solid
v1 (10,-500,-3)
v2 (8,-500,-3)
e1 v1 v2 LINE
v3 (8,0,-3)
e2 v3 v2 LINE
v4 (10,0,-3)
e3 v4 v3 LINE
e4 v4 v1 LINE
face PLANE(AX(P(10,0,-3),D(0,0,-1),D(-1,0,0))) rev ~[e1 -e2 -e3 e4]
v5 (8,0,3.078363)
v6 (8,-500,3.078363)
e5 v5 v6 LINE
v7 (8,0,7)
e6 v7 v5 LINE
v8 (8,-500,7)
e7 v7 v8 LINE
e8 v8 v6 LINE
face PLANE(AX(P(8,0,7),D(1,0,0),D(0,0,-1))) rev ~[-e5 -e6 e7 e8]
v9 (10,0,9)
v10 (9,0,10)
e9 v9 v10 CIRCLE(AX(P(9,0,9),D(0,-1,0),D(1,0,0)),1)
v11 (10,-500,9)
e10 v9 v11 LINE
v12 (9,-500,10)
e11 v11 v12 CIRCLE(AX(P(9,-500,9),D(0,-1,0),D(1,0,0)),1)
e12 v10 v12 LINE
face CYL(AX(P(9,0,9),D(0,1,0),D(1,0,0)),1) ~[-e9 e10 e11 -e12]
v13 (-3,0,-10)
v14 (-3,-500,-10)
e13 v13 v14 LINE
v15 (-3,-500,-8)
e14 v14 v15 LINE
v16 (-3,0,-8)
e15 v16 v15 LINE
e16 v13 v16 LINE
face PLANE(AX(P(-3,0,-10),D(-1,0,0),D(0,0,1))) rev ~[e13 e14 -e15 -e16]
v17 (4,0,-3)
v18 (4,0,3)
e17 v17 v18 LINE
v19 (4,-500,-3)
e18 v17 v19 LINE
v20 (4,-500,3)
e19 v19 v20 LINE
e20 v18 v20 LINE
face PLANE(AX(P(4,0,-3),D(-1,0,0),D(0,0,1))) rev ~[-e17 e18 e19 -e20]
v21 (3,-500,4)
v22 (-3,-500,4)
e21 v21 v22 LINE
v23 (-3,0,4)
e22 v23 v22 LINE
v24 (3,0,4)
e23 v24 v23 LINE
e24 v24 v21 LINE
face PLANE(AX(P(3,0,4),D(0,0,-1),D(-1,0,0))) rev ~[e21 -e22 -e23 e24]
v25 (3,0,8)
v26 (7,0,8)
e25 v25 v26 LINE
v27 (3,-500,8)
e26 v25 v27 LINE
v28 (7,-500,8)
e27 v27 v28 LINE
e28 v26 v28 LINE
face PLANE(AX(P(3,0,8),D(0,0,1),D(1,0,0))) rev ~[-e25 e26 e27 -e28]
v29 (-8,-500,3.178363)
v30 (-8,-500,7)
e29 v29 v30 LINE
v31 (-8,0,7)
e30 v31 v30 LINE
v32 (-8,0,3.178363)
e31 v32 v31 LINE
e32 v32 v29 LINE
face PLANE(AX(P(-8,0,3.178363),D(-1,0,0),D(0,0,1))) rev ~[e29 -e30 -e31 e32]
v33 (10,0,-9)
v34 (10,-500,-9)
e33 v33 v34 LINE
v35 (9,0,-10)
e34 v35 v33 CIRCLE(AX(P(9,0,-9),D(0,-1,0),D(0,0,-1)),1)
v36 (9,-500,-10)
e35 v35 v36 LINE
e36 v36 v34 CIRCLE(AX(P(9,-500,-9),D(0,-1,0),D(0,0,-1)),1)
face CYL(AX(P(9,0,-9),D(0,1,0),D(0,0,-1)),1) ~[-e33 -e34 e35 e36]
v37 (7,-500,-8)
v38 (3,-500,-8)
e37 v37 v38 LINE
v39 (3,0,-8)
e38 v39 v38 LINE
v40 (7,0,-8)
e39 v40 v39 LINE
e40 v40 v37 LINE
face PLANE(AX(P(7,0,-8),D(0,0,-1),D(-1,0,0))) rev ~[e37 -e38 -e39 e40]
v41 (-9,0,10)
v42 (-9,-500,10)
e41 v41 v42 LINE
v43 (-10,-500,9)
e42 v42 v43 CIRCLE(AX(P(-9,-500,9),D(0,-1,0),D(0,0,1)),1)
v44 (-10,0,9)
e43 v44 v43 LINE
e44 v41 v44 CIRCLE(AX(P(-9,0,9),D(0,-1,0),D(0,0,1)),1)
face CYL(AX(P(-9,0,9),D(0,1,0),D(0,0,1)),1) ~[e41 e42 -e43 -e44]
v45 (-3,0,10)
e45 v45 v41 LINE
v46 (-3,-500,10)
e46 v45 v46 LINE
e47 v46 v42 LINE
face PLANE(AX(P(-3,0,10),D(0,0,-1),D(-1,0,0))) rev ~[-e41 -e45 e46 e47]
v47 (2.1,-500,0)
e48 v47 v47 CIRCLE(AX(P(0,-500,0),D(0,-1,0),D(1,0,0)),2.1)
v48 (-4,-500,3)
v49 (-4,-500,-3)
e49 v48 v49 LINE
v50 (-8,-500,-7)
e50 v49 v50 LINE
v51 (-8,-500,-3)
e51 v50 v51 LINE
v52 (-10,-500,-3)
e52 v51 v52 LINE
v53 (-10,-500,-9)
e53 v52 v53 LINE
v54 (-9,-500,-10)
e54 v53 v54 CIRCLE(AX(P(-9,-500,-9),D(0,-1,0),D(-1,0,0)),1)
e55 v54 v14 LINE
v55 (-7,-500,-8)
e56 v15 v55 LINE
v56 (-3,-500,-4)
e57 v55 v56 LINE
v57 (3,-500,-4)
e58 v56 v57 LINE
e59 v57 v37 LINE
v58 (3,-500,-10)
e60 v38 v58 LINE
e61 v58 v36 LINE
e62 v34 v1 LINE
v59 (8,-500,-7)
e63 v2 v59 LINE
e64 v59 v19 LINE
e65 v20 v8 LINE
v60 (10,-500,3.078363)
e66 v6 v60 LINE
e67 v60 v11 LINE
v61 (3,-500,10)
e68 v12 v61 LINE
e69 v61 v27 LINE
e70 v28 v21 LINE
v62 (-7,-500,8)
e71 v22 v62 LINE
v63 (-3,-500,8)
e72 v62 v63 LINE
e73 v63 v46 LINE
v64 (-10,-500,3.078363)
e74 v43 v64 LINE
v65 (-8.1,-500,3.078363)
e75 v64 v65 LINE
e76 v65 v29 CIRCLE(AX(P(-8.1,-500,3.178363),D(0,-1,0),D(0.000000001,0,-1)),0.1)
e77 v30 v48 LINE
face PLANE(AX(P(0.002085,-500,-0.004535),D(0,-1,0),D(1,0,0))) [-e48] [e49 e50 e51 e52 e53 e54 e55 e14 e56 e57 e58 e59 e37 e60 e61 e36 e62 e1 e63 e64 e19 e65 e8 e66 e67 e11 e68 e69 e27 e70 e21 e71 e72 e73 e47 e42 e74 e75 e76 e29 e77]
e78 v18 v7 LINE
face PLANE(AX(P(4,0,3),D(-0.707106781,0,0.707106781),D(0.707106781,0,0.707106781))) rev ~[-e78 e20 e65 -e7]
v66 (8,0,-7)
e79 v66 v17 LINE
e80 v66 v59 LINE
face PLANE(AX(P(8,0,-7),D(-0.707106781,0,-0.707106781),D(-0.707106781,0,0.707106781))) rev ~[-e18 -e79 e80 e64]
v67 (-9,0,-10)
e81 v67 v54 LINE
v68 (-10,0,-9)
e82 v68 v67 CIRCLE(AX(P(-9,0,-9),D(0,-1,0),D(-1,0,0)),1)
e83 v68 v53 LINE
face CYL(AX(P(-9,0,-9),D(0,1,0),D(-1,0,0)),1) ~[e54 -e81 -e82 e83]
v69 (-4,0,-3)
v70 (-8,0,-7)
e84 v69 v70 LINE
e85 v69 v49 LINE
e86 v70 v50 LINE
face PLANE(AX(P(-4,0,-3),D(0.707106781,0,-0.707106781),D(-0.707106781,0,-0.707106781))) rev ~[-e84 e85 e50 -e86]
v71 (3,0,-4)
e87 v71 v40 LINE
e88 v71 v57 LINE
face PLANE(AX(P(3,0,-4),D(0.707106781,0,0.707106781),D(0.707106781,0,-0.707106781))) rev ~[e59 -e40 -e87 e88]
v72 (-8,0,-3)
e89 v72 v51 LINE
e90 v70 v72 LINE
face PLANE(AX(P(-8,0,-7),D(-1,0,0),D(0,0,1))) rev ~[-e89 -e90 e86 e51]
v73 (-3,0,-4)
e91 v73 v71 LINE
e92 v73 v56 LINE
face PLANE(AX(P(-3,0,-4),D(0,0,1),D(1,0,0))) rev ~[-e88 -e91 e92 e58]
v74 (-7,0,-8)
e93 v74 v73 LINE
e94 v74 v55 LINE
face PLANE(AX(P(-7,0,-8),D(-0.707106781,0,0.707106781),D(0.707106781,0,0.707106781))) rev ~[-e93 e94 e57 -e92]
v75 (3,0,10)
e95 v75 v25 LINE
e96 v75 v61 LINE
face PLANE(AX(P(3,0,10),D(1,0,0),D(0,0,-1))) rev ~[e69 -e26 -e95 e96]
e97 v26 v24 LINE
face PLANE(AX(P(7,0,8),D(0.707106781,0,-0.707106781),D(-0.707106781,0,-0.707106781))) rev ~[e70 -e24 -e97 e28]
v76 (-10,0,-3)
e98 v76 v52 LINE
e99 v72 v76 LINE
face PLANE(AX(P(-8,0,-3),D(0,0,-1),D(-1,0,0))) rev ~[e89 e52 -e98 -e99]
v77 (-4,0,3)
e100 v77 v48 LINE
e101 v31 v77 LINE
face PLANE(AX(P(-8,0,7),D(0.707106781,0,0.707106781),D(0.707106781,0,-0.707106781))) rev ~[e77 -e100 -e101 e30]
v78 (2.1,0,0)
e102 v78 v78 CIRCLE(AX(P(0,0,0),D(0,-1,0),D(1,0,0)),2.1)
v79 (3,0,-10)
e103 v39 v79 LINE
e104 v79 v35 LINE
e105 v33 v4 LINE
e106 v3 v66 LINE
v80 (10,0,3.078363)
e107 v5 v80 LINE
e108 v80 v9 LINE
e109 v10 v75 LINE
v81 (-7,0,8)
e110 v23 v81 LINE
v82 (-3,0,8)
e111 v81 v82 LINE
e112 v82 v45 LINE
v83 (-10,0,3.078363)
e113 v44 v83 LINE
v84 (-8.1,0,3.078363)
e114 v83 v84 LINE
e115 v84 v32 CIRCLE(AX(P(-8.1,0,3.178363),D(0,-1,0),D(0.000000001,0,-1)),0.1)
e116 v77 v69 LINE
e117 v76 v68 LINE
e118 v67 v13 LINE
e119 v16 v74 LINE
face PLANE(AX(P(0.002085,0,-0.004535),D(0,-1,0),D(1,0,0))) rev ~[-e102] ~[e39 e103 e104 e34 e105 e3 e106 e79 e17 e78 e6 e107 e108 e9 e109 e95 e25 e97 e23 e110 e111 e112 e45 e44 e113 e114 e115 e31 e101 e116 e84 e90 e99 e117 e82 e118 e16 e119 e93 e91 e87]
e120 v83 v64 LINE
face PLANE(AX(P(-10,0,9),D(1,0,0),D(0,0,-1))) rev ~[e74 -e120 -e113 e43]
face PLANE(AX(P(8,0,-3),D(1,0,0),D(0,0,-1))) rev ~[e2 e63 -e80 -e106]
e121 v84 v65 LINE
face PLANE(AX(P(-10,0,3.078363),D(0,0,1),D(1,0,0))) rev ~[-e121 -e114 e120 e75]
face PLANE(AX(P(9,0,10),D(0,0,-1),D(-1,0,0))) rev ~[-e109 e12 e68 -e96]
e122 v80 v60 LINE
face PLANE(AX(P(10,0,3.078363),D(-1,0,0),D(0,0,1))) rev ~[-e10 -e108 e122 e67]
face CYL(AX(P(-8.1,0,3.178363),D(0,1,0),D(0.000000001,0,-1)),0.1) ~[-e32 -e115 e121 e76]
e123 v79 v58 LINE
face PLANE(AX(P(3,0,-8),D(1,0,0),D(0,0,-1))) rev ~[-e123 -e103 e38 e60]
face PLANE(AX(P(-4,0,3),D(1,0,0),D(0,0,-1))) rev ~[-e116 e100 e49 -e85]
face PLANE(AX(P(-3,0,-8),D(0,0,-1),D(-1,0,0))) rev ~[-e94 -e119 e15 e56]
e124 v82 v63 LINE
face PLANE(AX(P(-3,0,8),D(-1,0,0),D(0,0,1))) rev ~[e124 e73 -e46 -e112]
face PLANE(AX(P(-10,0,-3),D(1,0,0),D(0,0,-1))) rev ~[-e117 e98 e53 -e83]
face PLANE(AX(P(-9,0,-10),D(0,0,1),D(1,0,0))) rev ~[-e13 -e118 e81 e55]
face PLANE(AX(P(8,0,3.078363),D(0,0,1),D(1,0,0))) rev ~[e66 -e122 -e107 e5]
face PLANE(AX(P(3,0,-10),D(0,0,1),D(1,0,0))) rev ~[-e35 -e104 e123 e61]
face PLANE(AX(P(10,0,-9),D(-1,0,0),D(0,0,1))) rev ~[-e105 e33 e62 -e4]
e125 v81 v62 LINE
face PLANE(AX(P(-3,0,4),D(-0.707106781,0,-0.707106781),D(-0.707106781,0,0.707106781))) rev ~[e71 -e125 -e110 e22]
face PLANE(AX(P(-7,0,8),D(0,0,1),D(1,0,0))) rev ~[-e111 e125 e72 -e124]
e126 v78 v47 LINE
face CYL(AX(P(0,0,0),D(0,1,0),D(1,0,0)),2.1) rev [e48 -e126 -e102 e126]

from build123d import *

# Parameters (mm, degrees)
F0_R     = 2.1
F2_DEPTH = 500


with BuildPart() as f2:
    # F0 (on Front) → F2 (new body)
    with BuildSketch(Plane.XZ):
        with BuildLine():
            ThreePointArc((-10, -9), (-9.7071067812, -9.7071067812), (-9, -10))
            Line((-9, -10), (-3, -10))
            Line((-3, -10), (-3, -8))
            Line((-3, -8), (-7, -8))
            Line((-7, -8), (-3, -4))
            Line((-3, -4), (3, -4))
            Line((3, -4), (7, -8))
            Line((7, -8), (3, -8))
            Line((3, -8), (3, -10))
            Line((3, -10), (9, -10))
            ThreePointArc((9, -10), (9.7071067812, -9.7071067812), (10, -9))
            Line((10, -9), (10, -3))
            Line((10, -3), (8, -3))
            Line((8, -3), (8, -7))
            Line((8, -7), (4, -3))
            Line((4, -3), (4, 3))
            Line((4, 3), (8, 7))
            Line((8, 7), (8, 3.0783633339))
            Line((8, 3.0783633339), (10, 3.0783633339))
            Line((10, 3.0783633339), (10, 9))
            ThreePointArc((10, 9), (9.7071067812, 9.7071067812), (9, 10))
            Line((9, 10), (3, 10))
            Line((3, 10), (3, 8))
            Line((3, 8), (7, 8))
            Line((7, 8), (3, 4))
            Line((3, 4), (-3, 4))
            Line((-3, 4), (-7, 8))
            Line((-7, 8), (-3, 8))
            Line((-3, 8), (-3, 10))
            Line((-3, 10), (-9, 10))
            ThreePointArc((-9, 10), (-9.7071067812, 9.7071067812), (-10, 9))
            Line((-10, 9), (-10, 3.0783633339))
            Line((-10, 3.0783633339), (-8.1, 3.0783633339))
            ThreePointArc((-8.1, 3.0783633339), (-8.0292893219, 3.1076526558), (-8, 3.1783633339))
            Line((-8, 3.1783633339), (-8, 7))
            Line((-8, 7), (-4, 3))
            Line((-4, 3), (-4, -3))
            Line((-4, -3), (-8, -7))
            Line((-8, -7), (-8, -3))
            Line((-8, -3), (-10, -3))
            Line((-10, -3), (-10, -9))
        make_face()
        Circle(F0_R, mode=Mode.SUBTRACT)
    extrude(amount=F2_DEPTH)


solid = f2.part
